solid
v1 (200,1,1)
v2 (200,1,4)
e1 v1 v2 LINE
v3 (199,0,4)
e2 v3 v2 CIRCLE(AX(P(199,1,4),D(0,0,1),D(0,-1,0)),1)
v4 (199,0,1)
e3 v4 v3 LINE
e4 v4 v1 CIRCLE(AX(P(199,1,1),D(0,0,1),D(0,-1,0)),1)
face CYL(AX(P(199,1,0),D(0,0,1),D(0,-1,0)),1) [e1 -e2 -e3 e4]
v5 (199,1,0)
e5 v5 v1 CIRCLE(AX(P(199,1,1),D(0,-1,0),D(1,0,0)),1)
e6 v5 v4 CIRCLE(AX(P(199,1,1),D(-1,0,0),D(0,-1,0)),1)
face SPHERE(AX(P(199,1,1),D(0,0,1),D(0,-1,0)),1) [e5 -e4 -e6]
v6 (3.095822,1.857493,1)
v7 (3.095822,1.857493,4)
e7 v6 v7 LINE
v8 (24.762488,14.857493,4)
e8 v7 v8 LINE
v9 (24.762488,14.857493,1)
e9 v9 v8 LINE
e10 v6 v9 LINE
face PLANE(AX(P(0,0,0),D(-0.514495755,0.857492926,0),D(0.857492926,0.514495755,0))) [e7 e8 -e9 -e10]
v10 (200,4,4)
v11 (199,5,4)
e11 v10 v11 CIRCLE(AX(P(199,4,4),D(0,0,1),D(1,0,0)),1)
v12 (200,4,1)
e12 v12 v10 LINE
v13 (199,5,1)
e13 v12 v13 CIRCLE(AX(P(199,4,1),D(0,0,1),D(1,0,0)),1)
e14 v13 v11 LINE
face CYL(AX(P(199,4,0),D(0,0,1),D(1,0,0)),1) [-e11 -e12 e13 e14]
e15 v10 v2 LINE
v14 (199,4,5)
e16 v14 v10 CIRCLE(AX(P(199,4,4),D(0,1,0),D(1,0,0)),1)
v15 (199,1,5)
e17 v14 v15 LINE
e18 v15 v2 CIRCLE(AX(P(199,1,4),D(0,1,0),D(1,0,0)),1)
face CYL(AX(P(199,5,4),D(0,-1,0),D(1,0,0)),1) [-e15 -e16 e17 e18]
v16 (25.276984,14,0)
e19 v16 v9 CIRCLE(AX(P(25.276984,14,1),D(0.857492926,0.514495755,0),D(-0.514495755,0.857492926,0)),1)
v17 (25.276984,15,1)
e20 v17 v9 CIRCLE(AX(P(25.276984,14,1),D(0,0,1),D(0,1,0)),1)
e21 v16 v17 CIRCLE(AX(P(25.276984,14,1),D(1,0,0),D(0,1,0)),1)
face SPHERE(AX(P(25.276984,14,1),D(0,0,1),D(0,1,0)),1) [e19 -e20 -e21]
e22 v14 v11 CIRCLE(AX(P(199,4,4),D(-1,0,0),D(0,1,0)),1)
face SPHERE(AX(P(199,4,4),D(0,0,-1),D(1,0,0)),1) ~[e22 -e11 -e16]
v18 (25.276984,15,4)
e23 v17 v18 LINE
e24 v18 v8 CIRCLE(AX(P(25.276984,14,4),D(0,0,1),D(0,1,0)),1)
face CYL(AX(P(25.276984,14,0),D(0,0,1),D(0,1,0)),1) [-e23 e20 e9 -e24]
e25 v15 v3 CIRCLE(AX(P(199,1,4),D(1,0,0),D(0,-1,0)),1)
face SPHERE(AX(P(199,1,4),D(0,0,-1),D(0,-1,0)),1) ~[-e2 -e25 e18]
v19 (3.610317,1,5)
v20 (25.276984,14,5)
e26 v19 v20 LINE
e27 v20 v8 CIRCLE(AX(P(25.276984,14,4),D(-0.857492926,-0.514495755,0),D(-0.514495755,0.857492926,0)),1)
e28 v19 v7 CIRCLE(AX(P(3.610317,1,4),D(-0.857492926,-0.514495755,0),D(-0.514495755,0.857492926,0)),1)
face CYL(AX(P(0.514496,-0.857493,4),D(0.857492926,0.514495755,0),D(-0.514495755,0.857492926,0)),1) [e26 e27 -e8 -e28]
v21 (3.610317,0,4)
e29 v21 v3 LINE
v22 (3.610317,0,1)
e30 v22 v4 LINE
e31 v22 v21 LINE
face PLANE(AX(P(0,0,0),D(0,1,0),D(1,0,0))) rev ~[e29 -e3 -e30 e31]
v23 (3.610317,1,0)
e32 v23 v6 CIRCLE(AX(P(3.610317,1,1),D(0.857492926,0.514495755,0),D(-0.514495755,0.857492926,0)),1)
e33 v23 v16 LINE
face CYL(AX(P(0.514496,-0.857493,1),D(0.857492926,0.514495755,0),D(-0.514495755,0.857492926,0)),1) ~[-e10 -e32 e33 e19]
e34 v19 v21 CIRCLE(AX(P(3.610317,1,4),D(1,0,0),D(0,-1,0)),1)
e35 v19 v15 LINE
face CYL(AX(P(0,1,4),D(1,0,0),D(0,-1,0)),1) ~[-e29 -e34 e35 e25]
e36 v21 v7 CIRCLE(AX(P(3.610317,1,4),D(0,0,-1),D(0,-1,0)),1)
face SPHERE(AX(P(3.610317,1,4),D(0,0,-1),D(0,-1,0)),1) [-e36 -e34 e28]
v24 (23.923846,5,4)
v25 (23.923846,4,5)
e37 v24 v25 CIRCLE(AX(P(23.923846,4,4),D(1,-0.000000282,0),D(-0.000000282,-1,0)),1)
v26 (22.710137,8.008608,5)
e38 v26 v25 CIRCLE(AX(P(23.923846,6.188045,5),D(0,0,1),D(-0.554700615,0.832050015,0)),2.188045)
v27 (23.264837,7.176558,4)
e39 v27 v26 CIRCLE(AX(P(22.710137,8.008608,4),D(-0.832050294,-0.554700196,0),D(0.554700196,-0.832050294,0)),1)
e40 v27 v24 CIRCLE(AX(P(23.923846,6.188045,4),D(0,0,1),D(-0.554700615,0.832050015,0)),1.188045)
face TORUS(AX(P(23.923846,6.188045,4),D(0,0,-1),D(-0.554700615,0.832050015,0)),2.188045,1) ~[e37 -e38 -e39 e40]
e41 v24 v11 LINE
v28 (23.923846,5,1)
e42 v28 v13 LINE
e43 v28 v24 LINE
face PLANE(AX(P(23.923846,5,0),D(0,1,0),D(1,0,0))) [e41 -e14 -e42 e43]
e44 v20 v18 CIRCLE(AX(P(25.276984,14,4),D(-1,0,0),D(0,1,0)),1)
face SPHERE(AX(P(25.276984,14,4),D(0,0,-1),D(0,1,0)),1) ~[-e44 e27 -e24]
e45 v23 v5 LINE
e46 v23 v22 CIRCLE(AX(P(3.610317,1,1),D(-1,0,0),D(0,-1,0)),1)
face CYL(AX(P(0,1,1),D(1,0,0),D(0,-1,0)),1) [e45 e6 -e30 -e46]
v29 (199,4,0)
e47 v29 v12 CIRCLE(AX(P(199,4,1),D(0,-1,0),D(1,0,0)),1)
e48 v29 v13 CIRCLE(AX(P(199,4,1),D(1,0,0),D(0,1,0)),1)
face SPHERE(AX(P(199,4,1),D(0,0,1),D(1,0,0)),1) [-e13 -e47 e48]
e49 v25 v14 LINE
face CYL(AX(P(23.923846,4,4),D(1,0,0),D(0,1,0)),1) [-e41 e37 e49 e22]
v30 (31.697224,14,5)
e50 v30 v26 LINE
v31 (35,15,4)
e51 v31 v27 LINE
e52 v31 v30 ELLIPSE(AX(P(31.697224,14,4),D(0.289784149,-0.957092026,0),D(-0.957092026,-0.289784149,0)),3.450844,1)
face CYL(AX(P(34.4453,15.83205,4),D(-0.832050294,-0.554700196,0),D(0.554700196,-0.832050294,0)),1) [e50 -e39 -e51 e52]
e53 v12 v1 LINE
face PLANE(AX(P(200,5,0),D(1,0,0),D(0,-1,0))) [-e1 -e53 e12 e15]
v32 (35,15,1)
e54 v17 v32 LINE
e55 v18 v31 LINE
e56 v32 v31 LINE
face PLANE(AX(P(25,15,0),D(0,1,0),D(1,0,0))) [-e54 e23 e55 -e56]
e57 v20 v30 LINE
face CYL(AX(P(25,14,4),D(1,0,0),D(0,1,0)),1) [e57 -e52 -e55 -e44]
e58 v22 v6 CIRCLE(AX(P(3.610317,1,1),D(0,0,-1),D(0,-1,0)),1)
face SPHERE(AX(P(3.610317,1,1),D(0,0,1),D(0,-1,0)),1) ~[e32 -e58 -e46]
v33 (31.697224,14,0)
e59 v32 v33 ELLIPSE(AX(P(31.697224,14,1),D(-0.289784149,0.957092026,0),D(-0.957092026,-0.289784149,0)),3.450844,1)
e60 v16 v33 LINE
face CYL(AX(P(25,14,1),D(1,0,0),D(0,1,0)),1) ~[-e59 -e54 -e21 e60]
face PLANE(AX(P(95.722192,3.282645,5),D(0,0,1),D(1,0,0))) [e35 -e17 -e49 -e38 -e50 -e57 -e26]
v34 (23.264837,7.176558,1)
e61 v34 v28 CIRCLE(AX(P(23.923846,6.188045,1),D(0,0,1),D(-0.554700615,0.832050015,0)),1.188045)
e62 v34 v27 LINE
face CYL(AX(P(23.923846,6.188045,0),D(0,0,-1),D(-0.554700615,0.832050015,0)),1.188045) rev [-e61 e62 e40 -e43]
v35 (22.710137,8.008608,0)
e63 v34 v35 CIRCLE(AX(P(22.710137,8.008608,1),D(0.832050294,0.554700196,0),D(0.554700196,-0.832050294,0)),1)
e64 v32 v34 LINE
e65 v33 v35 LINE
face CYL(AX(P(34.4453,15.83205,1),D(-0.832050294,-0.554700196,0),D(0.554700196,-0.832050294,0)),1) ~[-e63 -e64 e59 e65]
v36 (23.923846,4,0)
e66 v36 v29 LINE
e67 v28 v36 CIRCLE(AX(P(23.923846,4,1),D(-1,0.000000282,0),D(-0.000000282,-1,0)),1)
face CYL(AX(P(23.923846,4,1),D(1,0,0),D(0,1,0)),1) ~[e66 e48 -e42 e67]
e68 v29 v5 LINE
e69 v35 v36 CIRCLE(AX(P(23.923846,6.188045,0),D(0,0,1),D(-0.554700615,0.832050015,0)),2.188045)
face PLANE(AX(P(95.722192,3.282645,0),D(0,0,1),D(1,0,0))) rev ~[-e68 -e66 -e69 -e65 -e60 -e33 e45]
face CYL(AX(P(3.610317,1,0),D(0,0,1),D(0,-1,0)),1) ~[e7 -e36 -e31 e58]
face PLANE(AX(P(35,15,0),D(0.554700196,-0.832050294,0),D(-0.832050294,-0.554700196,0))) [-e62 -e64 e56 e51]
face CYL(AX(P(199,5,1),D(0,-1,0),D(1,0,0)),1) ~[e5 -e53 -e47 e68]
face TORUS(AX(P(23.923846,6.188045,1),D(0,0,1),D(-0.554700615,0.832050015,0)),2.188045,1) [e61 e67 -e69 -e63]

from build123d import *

# Parameters (mm, degrees)
EXTRUDE_DEPTH = 5
FILLET_R      = 1


with BuildPart() as part:
    # Sketch → Extrude (new body)
    with BuildSketch(Plane.XY):
        with BuildLine():
            Line((0, 0), (200, 0))
            Line((200, 5), (200, 0))
            Line((23.923846, 5), (200, 5))
            ThreePointArc((23.264837, 7.176558), (22.786778, 5.843768), (23.923846, 5))
            Line((35, 15), (23.264837, 7.176558))
            Line((25, 15), (35, 15))
            Line((0, 0), (25, 15))
        make_face()
    extrude(amount=EXTRUDE_DEPTH)

    # Fillet
    fillet_edges = [part.edges().sort_by_distance(p)[0] for p in [
        (0, 0, 2.5),
        (200, 0, 2.5),
        (100, 0, 0),
        (100, 0, 5),
        (200, 5, 2.5),
        (200, 2.5, 0),
        (200, 2.5, 5),
        (111.961923, 5, 0),
        (111.961923, 5, 5),
        (22.786778, 5.843768, 0),
        (22.786778, 5.843768, 5),
        (29.132419, 11.088279, 0),
        (29.132419, 11.088279, 5),
        (25, 15, 2.5),
        (30, 15, 0),
        (30, 15, 5),
        (12.5, 7.5, 0),
        (12.5, 7.5, 5),
    ]]
    fillet(fillet_edges, radius=FILLET_R)


solid = part.part
